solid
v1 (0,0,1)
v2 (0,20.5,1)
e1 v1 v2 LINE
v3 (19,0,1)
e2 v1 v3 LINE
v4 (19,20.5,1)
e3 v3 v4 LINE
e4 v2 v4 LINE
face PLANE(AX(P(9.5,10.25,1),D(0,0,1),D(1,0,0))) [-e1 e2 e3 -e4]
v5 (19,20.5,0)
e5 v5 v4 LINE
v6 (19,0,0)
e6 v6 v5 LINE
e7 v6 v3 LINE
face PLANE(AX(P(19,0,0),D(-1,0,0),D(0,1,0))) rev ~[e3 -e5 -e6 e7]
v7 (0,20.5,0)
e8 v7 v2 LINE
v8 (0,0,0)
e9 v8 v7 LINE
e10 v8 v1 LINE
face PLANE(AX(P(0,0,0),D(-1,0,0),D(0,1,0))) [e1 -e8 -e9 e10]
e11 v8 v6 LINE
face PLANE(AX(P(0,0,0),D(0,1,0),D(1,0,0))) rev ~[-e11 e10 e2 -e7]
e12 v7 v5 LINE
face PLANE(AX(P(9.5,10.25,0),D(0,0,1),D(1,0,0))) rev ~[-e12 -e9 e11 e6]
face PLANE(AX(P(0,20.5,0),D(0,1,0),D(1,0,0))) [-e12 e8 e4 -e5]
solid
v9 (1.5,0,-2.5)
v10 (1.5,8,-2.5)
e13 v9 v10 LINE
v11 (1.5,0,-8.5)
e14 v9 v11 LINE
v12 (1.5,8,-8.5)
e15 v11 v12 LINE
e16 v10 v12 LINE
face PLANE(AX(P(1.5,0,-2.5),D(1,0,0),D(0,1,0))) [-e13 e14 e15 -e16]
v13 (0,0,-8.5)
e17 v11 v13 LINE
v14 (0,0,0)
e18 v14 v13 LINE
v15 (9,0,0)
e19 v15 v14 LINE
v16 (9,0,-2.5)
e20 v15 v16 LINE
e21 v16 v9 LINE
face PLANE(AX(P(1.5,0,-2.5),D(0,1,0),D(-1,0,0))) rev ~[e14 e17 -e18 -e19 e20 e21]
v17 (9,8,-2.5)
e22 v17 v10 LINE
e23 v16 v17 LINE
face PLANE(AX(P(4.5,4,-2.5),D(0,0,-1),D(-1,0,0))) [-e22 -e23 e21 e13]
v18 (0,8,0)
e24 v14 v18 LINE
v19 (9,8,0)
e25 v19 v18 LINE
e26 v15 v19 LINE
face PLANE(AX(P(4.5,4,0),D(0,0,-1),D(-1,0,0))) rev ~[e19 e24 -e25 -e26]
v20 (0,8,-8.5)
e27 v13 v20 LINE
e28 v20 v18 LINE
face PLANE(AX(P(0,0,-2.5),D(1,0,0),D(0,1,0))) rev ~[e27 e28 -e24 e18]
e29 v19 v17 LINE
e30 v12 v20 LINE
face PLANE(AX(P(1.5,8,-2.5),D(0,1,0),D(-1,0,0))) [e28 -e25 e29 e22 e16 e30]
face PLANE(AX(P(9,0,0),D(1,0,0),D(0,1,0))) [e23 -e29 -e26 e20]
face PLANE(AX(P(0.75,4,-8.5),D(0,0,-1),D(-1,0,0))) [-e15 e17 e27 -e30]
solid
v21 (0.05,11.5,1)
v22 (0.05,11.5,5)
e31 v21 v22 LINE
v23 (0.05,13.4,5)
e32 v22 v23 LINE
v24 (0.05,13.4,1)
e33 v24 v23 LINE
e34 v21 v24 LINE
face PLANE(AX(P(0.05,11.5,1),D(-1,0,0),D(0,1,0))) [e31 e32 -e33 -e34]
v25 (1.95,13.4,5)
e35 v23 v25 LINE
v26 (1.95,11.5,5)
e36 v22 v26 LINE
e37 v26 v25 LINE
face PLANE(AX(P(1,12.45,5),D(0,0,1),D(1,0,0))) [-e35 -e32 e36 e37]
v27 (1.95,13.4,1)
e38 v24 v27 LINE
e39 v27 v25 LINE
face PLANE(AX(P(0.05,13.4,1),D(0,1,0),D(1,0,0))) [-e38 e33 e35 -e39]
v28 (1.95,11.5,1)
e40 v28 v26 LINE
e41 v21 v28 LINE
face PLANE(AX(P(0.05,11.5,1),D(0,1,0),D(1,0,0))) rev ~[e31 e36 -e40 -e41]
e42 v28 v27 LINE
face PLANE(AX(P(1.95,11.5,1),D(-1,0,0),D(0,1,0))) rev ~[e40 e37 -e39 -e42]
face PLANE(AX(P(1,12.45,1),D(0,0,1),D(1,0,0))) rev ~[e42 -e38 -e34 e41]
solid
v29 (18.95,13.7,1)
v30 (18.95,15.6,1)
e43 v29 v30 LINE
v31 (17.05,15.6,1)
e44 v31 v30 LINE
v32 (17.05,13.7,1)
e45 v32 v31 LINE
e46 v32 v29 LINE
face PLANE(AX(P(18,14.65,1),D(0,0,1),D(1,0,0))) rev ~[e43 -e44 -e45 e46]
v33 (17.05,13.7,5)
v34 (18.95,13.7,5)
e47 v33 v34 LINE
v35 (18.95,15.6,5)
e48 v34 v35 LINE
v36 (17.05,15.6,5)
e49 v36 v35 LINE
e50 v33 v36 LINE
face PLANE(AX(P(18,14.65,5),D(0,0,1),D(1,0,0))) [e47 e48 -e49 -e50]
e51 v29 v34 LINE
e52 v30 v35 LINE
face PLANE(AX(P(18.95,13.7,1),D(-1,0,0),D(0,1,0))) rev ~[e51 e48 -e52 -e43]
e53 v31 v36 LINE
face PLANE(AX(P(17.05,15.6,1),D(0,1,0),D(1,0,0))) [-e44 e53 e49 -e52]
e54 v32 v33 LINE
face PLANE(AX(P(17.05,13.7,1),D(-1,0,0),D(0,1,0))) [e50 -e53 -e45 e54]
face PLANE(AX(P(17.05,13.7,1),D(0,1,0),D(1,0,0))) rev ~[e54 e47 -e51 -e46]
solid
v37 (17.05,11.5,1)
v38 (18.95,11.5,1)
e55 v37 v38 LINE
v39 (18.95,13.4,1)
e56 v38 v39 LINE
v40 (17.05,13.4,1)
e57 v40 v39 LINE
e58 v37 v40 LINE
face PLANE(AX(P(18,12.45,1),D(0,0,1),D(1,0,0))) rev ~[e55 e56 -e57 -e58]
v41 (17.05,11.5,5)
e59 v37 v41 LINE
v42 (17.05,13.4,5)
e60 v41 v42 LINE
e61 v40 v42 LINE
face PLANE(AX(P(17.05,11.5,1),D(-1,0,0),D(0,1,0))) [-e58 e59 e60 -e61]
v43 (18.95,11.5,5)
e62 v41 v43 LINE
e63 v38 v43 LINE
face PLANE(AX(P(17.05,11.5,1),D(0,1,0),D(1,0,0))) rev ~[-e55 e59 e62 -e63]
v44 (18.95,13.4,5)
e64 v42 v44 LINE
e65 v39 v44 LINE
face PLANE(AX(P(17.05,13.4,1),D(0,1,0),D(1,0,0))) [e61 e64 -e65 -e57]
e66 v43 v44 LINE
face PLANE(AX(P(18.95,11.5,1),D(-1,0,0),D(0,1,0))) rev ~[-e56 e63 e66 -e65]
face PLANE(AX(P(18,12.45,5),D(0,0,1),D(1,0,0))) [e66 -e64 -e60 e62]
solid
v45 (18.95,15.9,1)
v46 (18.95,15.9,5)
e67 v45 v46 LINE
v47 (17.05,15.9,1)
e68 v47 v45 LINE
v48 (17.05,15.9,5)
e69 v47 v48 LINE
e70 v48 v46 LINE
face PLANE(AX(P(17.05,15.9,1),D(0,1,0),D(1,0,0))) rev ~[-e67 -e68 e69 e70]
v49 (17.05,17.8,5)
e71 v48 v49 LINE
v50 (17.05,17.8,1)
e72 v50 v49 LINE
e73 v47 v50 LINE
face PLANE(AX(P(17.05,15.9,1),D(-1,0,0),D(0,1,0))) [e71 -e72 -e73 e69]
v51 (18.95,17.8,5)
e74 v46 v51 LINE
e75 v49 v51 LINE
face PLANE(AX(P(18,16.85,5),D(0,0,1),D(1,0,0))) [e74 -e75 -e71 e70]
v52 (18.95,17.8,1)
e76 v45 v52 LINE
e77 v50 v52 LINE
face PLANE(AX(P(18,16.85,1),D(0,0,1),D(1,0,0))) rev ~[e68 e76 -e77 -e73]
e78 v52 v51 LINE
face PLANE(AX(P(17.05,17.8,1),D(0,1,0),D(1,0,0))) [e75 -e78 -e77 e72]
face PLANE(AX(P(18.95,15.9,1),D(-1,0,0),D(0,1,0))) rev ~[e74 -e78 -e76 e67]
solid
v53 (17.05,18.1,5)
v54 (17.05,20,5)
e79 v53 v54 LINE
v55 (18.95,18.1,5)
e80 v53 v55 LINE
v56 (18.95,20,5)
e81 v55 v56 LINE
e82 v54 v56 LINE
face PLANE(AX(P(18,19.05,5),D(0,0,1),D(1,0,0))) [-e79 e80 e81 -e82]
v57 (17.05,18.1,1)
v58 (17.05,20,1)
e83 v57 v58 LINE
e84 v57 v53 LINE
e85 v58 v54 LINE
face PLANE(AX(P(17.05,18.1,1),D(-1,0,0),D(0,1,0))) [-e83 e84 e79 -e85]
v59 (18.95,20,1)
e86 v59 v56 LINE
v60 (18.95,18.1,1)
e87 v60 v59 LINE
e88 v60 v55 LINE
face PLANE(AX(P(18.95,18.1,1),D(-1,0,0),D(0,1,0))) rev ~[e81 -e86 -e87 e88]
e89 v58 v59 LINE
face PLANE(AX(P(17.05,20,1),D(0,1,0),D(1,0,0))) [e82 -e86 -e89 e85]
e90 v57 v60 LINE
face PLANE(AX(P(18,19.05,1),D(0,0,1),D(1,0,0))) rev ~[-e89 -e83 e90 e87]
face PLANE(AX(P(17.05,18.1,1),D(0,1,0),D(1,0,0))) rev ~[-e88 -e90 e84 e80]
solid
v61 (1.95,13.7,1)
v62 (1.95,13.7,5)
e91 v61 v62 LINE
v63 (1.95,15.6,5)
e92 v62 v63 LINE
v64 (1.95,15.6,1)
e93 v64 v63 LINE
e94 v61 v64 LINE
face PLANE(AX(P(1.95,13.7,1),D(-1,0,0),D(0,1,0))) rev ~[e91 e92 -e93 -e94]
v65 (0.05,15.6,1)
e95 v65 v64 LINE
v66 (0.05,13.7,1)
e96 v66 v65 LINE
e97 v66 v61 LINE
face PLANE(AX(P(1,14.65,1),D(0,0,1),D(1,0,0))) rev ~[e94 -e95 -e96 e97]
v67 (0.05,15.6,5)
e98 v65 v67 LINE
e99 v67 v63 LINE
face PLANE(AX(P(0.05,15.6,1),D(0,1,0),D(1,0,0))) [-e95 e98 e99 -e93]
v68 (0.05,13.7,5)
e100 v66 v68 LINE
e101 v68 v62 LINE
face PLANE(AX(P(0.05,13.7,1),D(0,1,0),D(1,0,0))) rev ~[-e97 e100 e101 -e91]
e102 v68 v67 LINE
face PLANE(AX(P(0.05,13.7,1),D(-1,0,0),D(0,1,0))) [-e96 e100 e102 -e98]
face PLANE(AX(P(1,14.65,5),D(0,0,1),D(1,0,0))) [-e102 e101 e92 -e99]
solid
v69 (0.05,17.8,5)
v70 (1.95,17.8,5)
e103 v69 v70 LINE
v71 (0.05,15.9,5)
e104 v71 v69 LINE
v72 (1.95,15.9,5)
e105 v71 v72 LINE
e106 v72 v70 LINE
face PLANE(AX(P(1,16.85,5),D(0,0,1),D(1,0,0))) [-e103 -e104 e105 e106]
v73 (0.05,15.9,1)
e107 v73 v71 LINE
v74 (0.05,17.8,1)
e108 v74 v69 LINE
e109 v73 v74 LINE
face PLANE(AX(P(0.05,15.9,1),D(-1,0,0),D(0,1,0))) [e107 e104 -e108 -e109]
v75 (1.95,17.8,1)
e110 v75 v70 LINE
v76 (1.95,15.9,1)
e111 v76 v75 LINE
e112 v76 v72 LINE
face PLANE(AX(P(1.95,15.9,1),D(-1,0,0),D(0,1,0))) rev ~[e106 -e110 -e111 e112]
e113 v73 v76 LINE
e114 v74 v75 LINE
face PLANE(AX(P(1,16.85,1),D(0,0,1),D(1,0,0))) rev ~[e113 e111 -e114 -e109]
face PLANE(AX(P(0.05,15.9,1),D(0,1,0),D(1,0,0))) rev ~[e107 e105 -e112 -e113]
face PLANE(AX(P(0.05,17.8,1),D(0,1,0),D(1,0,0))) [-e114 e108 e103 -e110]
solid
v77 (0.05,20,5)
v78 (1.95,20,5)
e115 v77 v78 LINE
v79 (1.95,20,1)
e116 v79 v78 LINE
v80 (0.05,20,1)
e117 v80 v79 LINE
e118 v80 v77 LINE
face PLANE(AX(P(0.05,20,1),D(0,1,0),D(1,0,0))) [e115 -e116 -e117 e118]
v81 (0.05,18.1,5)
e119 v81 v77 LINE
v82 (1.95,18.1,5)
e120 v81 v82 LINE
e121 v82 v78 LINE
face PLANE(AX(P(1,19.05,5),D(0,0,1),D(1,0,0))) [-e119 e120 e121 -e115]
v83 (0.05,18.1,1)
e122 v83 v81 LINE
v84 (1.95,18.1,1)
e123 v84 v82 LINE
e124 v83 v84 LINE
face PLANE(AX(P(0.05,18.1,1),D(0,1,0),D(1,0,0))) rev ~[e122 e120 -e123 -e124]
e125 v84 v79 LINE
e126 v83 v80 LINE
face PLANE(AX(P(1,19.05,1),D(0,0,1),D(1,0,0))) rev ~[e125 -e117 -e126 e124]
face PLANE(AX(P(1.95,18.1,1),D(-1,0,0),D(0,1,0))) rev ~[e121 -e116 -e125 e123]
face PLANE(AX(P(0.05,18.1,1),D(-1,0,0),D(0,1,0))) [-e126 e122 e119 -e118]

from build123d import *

# Parameters (mm, degrees)
SKETCH_1_W        = 19
SKETCH_1_H        = 20.5
EXTRUDE_1_DEPTH   = 1
SKETCH_2_W        = 1.9
SKETCH_2_H        = 1.9
EXTRUDE_2_DEPTH   = 4
EXTRUDE_2_2_DEPTH = 4
EXTRUDE_2_3_DEPTH = 4
EXTRUDE_2_4_DEPTH = 4
EXTRUDE_2_5_DEPTH = 4
EXTRUDE_2_6_DEPTH = 4
EXTRUDE_2_7_DEPTH = 4
EXTRUDE_2_8_DEPTH = 4
SKETCH_3_W        = 9
SKETCH_3_H        = 8
EXTRUDE_3_DEPTH   = 2.5
SKETCH_4_W        = 1.5
SKETCH_4_H        = 8
EXTRUDE_4_DEPTH   = 6


with BuildPart() as part:
    # ｽｹｯﾁ1 → ﾎﾞｽ - 押し出し1 (new body)
    with BuildSketch(Plane.XY):
        with Locations((9.5, 10.25)):
            Rectangle(SKETCH_1_W, SKETCH_1_H)
    extrude(amount=EXTRUDE_1_DEPTH)


with BuildPart() as body_2:
    # ｽｹｯﾁ2 → ﾎﾞｽ - 押し出し2 (new body)
    with BuildSketch(Plane.XY.offset(1)):
        with Locations((1, 19.05)):
            Rectangle(SKETCH_2_W, SKETCH_2_H)
    extrude(amount=EXTRUDE_2_DEPTH)


with BuildPart() as body_3:
    # ｽｹｯﾁ2 → Extrude 2 2 (new body)
    with BuildSketch(Plane.XY.offset(1)):
        with Locations((18, 19.05)):
            Rectangle(SKETCH_2_W, SKETCH_2_H)
    extrude(amount=EXTRUDE_2_2_DEPTH)


with BuildPart() as body_4:
    # ｽｹｯﾁ2 → Extrude 2 3 (new body)
    with BuildSketch(Plane.XY.offset(1)):
        with Locations((1, 16.85)):
            Rectangle(SKETCH_2_W, SKETCH_2_H)
    extrude(amount=EXTRUDE_2_3_DEPTH)


with BuildPart() as body_5:
    # ｽｹｯﾁ2 → Extrude 2 4 (new body)
    with BuildSketch(Plane.XY.offset(1)):
        with Locations((18, 16.85)):
            Rectangle(SKETCH_2_W, SKETCH_2_H)
    extrude(amount=EXTRUDE_2_4_DEPTH)


with BuildPart() as body_6:
    # ｽｹｯﾁ2 → Extrude 2 5 (new body)
    with BuildSketch(Plane.XY.offset(1)):
        with Locations((1, 14.65)):
            Rectangle(SKETCH_2_W, SKETCH_2_H)
    extrude(amount=EXTRUDE_2_5_DEPTH)


with BuildPart() as body_7:
    # ｽｹｯﾁ2 → Extrude 2 6 (new body)
    with BuildSketch(Plane.XY.offset(1)):
        with Locations((18, 14.65)):
            Rectangle(SKETCH_2_W, SKETCH_2_H)
    extrude(amount=EXTRUDE_2_6_DEPTH)


with BuildPart() as body_8:
    # ｽｹｯﾁ2 → Extrude 2 7 (new body)
    with BuildSketch(Plane.XY.offset(1)):
        with Locations((1, 12.45)):
            Rectangle(SKETCH_2_W, SKETCH_2_H)
    extrude(amount=EXTRUDE_2_7_DEPTH)


with BuildPart() as body_9:
    # ｽｹｯﾁ2 → Extrude 2 8 (new body)
    with BuildSketch(Plane.XY.offset(1)):
        with Locations((18, 12.45)):
            Rectangle(SKETCH_2_W, SKETCH_2_H)
    extrude(amount=EXTRUDE_2_8_DEPTH)


with BuildPart() as body_10:
    # ｽｹｯﾁ3 → ﾎﾞｽ - 押し出し3 (new body)
    with BuildSketch(Plane(origin=(0, 0, 0), x_dir=(-1, 0, 0), z_dir=(0, 0, -1))):
        with Locations((-4.5, 4)):
            Rectangle(SKETCH_3_W, SKETCH_3_H)
    extrude(amount=EXTRUDE_3_DEPTH)

    # ｽｹｯﾁ4 → ﾎﾞｽ - 押し出し4 (add)
    with BuildSketch(Plane(origin=(0, 0, -2.5), x_dir=(-1, 0, 0), z_dir=(0, 0, -1))):
        with Locations((-0.75, 4)):
            Rectangle(SKETCH_4_W, SKETCH_4_H)
    extrude(amount=EXTRUDE_4_DEPTH)


solid = Compound([part.part, body_2.part, body_3.part, body_4.part, body_5.part, body_6.part, body_7.part, body_8.part, body_9.part, body_10.part])
